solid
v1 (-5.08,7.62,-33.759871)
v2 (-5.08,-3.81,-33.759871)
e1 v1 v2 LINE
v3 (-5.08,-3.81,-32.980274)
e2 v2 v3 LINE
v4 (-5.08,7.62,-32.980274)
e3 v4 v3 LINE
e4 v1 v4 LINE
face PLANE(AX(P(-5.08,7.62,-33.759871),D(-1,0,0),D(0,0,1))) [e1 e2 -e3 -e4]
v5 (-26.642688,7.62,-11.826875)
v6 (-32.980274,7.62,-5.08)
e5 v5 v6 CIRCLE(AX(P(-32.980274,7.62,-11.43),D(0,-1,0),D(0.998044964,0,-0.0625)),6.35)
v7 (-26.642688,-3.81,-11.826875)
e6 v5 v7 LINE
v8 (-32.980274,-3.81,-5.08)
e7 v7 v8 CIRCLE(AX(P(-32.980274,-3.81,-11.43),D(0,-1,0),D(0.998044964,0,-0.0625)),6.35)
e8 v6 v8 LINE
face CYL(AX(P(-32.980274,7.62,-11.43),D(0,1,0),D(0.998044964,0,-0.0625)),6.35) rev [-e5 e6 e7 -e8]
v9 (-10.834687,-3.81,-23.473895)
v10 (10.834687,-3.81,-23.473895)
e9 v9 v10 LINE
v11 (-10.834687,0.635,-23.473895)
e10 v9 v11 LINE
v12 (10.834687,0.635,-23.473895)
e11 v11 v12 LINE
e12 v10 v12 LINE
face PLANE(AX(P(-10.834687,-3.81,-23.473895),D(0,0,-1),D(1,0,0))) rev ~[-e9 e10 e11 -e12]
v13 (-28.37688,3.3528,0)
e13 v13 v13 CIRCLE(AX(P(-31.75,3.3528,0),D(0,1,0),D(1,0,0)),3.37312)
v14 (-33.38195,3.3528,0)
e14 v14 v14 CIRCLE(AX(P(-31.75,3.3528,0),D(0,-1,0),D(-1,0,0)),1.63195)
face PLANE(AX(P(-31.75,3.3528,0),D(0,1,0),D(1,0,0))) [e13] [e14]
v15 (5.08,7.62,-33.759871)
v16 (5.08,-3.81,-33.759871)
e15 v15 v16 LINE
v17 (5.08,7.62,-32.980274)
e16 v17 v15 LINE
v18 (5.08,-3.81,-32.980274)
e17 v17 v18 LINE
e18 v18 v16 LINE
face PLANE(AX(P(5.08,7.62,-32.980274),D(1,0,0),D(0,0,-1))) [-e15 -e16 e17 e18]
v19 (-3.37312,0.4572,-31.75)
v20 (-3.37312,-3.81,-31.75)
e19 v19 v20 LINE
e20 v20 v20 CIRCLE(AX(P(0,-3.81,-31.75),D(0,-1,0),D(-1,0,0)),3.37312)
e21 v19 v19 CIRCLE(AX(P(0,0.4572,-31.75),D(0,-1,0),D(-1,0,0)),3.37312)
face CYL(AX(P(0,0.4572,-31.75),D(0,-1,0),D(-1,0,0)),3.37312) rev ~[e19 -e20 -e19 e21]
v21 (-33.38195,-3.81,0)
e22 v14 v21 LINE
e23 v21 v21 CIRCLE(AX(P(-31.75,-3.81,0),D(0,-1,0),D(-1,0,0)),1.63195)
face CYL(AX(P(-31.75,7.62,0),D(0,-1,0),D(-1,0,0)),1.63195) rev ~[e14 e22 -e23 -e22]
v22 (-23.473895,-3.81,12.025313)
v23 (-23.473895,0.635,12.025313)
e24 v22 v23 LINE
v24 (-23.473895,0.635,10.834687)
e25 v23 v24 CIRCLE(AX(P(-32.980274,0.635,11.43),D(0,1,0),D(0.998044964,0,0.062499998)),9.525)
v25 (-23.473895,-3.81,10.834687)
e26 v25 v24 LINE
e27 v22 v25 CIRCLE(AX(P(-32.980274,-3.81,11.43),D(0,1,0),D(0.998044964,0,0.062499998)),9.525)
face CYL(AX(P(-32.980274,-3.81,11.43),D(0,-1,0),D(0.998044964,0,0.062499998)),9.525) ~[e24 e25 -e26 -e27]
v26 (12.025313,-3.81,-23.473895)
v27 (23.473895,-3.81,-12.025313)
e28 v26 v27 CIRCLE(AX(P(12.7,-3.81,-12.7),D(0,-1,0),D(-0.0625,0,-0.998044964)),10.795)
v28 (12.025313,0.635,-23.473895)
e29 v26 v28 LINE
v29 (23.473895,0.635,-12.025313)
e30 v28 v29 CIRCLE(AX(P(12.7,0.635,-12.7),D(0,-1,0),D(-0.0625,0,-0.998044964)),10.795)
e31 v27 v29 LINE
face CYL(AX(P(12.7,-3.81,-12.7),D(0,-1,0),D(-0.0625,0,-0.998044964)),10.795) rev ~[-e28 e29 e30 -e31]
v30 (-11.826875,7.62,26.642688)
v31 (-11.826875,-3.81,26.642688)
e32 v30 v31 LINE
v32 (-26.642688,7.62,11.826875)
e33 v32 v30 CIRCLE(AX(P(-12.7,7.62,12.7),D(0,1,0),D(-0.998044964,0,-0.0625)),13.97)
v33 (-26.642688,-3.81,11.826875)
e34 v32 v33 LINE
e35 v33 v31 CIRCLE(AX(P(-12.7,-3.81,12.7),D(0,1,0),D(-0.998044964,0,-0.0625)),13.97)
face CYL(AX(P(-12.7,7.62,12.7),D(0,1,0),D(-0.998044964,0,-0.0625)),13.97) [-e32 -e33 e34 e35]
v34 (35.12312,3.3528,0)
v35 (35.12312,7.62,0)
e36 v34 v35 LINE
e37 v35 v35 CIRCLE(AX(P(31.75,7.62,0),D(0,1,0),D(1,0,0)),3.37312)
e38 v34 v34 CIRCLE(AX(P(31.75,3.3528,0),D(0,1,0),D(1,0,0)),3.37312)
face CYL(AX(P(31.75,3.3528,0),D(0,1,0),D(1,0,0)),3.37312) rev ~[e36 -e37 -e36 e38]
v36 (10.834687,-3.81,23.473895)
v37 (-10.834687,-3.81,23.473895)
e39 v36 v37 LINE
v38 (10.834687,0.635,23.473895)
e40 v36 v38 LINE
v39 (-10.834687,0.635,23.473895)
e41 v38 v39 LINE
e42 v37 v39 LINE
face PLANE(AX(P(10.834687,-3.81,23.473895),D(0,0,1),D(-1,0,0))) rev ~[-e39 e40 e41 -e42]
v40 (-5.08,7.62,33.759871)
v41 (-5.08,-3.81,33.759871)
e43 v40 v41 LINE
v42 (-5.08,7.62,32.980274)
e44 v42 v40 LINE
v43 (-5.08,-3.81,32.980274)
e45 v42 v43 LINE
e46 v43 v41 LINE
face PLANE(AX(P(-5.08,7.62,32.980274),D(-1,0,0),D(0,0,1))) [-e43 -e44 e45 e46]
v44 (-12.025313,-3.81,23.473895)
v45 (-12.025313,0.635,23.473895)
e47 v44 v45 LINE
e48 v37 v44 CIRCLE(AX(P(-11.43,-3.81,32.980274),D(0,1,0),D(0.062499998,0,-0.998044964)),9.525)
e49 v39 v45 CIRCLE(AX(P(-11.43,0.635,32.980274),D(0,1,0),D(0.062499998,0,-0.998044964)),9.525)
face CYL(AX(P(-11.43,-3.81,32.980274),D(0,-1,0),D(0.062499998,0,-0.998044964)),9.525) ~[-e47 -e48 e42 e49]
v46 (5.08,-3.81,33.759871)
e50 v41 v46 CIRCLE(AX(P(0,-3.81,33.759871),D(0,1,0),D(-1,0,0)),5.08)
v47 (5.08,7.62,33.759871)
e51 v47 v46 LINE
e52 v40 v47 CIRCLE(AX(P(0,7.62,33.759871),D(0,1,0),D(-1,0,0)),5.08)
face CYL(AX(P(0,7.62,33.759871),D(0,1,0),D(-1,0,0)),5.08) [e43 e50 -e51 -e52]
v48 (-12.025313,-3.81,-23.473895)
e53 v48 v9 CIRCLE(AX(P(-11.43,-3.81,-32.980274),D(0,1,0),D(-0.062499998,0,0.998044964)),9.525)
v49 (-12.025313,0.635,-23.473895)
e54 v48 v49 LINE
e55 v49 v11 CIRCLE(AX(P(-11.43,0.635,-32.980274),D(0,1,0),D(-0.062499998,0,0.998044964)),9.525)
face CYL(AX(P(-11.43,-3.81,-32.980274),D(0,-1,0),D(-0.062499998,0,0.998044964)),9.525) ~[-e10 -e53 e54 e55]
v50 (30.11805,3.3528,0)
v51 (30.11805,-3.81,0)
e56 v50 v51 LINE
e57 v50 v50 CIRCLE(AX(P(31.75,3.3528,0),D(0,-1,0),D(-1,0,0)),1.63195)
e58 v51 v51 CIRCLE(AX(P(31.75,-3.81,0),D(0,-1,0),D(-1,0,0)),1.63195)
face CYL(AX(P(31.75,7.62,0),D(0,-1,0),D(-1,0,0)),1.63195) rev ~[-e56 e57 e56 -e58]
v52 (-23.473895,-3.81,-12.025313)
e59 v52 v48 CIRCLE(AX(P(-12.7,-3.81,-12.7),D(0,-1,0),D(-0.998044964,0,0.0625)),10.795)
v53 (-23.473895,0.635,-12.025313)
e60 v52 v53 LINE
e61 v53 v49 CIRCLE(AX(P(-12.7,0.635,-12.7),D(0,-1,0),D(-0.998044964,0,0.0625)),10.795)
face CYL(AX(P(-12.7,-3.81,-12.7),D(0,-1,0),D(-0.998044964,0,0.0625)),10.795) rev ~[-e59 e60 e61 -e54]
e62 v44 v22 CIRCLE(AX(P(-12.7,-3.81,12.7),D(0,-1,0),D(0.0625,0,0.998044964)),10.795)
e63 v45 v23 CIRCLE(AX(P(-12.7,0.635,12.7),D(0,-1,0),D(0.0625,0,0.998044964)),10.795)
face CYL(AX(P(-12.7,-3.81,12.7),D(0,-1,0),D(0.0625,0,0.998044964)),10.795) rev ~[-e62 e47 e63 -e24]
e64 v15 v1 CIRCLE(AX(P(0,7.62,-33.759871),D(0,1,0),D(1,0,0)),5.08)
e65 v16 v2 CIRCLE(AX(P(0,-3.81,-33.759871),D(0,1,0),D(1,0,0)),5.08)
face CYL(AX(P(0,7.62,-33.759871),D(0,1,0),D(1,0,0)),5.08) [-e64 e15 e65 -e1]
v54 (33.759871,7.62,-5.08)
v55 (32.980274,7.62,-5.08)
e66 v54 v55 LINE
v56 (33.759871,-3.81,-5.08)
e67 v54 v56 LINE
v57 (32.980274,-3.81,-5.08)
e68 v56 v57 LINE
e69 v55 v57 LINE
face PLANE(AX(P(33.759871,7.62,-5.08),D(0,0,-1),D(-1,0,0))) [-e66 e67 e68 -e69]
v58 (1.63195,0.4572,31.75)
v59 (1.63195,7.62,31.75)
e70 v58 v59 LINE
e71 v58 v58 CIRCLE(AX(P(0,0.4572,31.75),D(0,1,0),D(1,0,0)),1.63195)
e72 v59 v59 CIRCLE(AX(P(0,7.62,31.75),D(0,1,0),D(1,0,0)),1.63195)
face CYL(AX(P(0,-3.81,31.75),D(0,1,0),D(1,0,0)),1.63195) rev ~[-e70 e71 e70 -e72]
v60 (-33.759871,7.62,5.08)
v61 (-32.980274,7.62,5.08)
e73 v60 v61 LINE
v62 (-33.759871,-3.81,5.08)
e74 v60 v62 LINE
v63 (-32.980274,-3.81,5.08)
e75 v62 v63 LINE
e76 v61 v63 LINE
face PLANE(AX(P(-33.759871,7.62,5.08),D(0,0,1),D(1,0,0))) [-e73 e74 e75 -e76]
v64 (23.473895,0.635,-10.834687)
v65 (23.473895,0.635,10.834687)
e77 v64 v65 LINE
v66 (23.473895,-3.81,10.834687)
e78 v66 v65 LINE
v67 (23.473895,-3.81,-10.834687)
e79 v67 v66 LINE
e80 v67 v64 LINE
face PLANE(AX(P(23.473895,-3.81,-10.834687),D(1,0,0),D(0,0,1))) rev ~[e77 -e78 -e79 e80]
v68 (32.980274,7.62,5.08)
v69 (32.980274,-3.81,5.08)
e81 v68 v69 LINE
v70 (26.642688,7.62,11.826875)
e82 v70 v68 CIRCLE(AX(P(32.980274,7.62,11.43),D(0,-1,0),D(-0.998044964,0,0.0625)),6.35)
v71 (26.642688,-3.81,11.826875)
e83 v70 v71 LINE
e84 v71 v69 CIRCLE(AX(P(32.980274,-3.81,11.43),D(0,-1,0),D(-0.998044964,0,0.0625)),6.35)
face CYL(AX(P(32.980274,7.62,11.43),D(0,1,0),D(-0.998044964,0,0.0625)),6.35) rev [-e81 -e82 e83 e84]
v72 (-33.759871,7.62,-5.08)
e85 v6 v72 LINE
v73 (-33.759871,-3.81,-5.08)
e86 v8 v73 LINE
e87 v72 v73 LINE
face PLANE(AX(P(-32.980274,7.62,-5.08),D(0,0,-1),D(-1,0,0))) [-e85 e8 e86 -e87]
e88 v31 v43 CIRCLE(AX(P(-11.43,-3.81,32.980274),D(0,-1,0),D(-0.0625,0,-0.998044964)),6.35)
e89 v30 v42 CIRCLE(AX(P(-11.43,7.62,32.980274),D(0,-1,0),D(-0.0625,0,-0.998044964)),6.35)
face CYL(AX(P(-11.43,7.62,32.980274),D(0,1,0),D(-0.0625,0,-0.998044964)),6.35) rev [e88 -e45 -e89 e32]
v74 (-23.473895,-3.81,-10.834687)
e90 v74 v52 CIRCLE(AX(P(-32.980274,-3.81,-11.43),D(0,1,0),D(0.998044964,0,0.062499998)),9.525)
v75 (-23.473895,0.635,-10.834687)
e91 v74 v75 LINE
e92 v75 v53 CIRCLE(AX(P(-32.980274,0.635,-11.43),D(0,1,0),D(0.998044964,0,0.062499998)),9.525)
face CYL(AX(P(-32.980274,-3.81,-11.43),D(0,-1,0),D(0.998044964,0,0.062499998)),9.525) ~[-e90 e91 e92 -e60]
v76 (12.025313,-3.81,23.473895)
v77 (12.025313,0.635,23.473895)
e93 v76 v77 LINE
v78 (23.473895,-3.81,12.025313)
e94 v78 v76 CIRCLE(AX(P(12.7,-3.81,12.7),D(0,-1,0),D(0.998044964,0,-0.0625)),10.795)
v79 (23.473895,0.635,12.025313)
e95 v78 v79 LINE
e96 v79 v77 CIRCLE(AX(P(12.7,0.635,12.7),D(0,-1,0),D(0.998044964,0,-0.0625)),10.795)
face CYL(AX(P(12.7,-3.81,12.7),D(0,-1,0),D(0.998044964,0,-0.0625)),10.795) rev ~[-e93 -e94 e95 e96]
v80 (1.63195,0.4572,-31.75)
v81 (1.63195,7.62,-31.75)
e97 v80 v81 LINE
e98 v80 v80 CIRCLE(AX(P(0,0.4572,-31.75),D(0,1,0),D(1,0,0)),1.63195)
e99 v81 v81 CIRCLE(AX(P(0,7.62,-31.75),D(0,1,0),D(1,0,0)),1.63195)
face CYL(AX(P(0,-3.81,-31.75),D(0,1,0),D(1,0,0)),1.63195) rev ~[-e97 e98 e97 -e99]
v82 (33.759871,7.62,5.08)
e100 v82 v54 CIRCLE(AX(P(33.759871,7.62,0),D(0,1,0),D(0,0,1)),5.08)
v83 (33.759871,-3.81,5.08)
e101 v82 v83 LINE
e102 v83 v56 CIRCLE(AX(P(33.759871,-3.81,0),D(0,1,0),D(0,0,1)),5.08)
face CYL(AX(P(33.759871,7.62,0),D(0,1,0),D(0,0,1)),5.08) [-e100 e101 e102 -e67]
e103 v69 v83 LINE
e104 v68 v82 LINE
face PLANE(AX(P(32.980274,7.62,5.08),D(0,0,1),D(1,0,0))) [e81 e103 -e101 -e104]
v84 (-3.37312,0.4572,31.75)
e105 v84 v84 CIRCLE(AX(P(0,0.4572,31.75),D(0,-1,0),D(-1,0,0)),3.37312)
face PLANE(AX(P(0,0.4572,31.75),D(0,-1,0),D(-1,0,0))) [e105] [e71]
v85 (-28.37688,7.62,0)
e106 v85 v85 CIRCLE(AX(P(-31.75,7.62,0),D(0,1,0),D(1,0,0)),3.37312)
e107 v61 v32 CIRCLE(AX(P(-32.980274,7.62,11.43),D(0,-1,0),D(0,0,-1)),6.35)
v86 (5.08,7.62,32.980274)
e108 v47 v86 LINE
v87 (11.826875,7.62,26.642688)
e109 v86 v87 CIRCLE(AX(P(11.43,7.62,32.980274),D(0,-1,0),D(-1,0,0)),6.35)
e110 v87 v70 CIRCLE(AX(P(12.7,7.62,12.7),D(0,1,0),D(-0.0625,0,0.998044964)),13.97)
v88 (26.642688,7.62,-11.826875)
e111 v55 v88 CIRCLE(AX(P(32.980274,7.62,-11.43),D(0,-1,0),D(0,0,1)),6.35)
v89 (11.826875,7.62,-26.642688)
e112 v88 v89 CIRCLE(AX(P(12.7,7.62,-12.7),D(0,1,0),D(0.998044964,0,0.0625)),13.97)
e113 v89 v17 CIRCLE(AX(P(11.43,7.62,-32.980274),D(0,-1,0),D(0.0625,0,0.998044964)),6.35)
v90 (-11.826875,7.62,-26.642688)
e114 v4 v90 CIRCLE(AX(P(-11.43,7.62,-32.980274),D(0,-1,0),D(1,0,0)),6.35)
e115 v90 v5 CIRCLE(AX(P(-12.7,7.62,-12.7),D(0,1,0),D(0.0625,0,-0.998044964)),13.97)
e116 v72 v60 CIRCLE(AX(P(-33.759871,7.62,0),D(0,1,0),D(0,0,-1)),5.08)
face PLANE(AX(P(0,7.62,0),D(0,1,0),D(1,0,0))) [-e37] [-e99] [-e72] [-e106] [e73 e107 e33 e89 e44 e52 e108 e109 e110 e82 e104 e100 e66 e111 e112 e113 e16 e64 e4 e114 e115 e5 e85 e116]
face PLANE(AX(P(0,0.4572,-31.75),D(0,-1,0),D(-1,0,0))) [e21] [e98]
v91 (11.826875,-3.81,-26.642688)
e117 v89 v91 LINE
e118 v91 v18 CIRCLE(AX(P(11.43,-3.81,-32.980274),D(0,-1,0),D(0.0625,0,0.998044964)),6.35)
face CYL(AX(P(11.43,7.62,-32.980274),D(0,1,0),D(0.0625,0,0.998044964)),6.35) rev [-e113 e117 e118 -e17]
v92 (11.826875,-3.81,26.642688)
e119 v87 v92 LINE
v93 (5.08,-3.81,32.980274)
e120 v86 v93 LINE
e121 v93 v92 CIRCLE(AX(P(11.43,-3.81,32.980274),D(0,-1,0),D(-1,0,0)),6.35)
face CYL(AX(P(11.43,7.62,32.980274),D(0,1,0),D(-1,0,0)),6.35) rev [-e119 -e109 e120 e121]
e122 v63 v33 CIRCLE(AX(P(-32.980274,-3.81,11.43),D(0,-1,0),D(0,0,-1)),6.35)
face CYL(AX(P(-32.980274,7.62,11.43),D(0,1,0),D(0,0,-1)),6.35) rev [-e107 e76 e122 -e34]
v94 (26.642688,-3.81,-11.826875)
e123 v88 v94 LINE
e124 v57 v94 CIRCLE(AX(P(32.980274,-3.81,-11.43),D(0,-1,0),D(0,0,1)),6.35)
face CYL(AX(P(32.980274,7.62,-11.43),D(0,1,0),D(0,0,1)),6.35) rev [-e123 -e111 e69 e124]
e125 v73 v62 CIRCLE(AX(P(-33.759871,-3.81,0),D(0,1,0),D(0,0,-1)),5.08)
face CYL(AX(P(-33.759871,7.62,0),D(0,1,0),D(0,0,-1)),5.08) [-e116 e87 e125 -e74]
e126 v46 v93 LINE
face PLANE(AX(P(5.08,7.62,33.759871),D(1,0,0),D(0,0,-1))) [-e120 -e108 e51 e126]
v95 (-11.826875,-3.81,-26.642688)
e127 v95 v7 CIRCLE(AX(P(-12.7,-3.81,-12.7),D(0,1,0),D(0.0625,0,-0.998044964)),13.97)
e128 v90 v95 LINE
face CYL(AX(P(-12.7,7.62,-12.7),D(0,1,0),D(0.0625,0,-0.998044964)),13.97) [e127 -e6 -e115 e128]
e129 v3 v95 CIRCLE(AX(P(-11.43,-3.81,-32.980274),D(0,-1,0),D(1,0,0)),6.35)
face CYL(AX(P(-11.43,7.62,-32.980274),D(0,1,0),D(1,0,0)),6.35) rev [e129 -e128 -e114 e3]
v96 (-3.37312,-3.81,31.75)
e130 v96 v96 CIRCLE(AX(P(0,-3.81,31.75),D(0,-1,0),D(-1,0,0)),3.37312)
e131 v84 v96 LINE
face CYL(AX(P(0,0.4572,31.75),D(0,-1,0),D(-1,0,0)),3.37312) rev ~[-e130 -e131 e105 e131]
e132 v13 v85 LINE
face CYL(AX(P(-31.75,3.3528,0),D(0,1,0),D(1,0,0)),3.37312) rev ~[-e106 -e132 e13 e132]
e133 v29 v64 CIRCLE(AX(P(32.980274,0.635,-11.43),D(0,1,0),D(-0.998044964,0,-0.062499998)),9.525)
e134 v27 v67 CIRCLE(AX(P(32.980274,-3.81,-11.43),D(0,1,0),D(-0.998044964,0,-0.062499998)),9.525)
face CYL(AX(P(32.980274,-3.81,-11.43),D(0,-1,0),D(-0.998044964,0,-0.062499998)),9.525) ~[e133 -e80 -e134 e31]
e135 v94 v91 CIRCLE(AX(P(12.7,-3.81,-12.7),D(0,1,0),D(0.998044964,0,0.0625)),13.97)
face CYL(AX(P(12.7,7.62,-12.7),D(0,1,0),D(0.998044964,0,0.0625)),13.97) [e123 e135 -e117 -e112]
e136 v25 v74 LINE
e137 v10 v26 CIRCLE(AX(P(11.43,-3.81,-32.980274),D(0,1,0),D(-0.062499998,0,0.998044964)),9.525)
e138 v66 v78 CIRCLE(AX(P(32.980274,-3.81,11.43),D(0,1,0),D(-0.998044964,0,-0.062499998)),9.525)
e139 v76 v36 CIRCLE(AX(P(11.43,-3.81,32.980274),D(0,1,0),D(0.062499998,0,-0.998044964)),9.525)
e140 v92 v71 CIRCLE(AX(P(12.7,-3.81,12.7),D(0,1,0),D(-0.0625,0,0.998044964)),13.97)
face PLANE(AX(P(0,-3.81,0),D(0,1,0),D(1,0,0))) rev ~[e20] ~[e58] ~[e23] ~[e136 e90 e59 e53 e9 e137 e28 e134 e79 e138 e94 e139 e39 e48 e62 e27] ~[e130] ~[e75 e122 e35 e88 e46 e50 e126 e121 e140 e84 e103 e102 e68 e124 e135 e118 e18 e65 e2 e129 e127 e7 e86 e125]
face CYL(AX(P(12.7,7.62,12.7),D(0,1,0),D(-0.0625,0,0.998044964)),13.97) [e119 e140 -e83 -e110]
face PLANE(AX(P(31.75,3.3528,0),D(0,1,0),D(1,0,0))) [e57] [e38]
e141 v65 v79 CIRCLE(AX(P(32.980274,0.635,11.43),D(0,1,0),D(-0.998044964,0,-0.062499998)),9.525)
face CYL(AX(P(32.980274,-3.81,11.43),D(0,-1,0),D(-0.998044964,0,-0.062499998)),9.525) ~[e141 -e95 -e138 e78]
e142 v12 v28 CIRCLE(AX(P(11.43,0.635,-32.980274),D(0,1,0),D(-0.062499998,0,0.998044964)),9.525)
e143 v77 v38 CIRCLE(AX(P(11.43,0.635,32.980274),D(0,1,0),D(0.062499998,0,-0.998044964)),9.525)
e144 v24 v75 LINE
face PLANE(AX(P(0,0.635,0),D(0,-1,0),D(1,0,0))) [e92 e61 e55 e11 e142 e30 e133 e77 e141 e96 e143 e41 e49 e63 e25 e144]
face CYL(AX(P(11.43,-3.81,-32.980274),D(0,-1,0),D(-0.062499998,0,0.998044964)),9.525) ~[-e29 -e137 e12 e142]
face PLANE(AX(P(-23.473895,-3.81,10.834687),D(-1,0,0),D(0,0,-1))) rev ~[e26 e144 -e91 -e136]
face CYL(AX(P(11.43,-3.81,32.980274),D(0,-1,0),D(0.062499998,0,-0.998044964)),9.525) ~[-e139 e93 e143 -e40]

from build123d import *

# Parameters (mm, degrees)
BOSS_EXTRUDE4_DEPTH                                 = 3.81
BOSS_EXTRUDE4_DEPTH_BACK                            = 7.62
CUT_EXTRUDE1_DEPTH                                  = 4.445
CBORE_FOR_4_BINDING_HEAD_MACHINE_SCREW3_D           = 3.2639
CBORE_FOR_4_BINDING_HEAD_MACHINE_SCREW3_CBORE_D     = 6.74624
CBORE_FOR_4_BINDING_HEAD_MACHINE_SCREW3_CBORE_DEPTH = 4.2672
CBORE_FOR_4_BINDING_HEAD_MACHINE_SCREW4_D           = 3.2639
CBORE_FOR_4_BINDING_HEAD_MACHINE_SCREW4_CBORE_D     = 6.74624
CBORE_FOR_4_BINDING_HEAD_MACHINE_SCREW4_CBORE_DEPTH = 4.2672


with BuildPart() as part:
    # Sketch5 → Boss-Extrude4 (new, two sides: drawn at the far end of the back side and taken through both)
    with BuildSketch(Plane(origin=(0, 0, 0), x_dir=(-1, 0, 0), z_dir=(0, -1, 0)).offset(-BOSS_EXTRUDE4_DEPTH_BACK)):
        with BuildLine():
            Line((33.759871133, -5.08), (32.980273667, -5.08))
            ThreePointArc((32.980273667, -5.08), (28.3519556, -7.0824522), (26.642688146, -11.826875))
            ThreePointArc((26.642688146, -11.826875), (22.578281733, -22.578281733), (11.826875, -26.642688146))
            ThreePointArc((11.826875, -26.642688146), (7.0824522, -28.3519556), (5.08, -32.980273667))
            Line((5.08, -32.980273667), (5.08, -33.759871133))
            ThreePointArc((5.08, -33.759871133), (0, -38.839871133), (-5.08, -33.759871133))
            Line((-5.08, -33.759871133), (-5.08, -32.980273667))
            ThreePointArc((-5.08, -32.980273667), (-7.0824522, -28.3519556), (-11.826875, -26.642688146))
            ThreePointArc((-11.826875, -26.642688146), (-22.578281733, -22.578281733), (-26.642688146, -11.826875))
            ThreePointArc((-26.642688146, -11.826875), (-28.3519556, -7.0824522), (-32.980273667, -5.08))
            Line((-32.980273667, -5.08), (-33.759871133, -5.08))
            ThreePointArc((-33.759871133, -5.08), (-38.839871133, 0), (-33.759871133, 5.08))
            Line((-33.759871133, 5.08), (-32.980273667, 5.08))
            ThreePointArc((-32.980273667, 5.08), (-28.3519556, 7.0824522), (-26.642688146, 11.826875))
            ThreePointArc((-26.642688146, 11.826875), (-22.578281733, 22.578281733), (-11.826875, 26.642688146))
            ThreePointArc((-11.826875, 26.642688146), (-7.0824522, 28.3519556), (-5.08, 32.980273667))
            Line((-5.08, 32.980273667), (-5.08, 33.759871133))
            ThreePointArc((-5.08, 33.759871133), (0, 38.839871133), (5.08, 33.759871133))
            Line((5.08, 33.759871133), (5.08, 32.980273667))
            ThreePointArc((5.08, 32.980273667), (7.0824522, 28.3519556), (11.826875, 26.642688146))
            ThreePointArc((11.826875, 26.642688146), (22.578281733, 22.578281733), (26.642688146, 11.826875))
            ThreePointArc((26.642688146, 11.826875), (28.3519556, 7.0824522), (32.980273667, 5.08))
            Line((32.980273667, 5.08), (33.759871133, 5.08))
            ThreePointArc((33.759871133, 5.08), (38.839871133, 0), (33.759871133, -5.08))
        make_face()
    extrude(amount=BOSS_EXTRUDE4_DEPTH + BOSS_EXTRUDE4_DEPTH_BACK)

    # Sketch21 → Cut-Extrude1 (cut)
    with BuildSketch(Plane.XZ.offset(3.81)):
        with BuildLine():
            ThreePointArc((23.473895385, 12.0253125), (20.333217703, 20.333217703), (12.0253125, 23.473895385))
            ThreePointArc((12.0253125, 23.473895385), (11.43, 23.455273667), (10.8346875, 23.473895385))
            Line((10.8346875, 23.473895385), (-10.8346875, 23.473895385))
            ThreePointArc((-10.8346875, 23.473895385), (-11.43, 23.455273667), (-12.0253125, 23.473895385))
            ThreePointArc((-12.0253125, 23.473895385), (-20.333217703, 20.333217703), (-23.473895385, 12.0253125))
            ThreePointArc((-23.473895385, 12.0253125), (-23.455273667, 11.43), (-23.473895385, 10.8346875))
            Line((-23.473895385, 10.8346875), (-23.473895385, -10.8346875))
            ThreePointArc((-23.473895385, -10.8346875), (-23.455273667, -11.43), (-23.473895385, -12.0253125))
            ThreePointArc((-23.473895385, -12.0253125), (-20.333217703, -20.333217703), (-12.0253125, -23.473895385))
            ThreePointArc((-12.0253125, -23.473895385), (-11.43, -23.455273667), (-10.8346875, -23.473895385))
            Line((-10.8346875, -23.473895385), (10.8346875, -23.473895385))
            ThreePointArc((10.8346875, -23.473895385), (11.43, -23.455273667), (12.0253125, -23.473895385))
            ThreePointArc((12.0253125, -23.473895385), (20.333217703, -20.333217703), (23.473895385, -12.0253125))
            ThreePointArc((23.473895385, -12.0253125), (23.455273667, -11.43), (23.473895385, -10.8346875))
            Line((23.473895385, -10.8346875), (23.473895385, 10.8346875))
            ThreePointArc((23.473895385, 10.8346875), (23.455273667, 11.43), (23.473895385, 12.0253125))
        make_face()
    extrude(amount=-CUT_EXTRUDE1_DEPTH, mode=Mode.SUBTRACT)

    # CBORE for #4 Binding Head Machine Screw3 (through all)
    with Locations(Plane(origin=(0, -3.81, 0), x_dir=(-1, 0, 0), z_dir=(0, -1, 0))):
        with Locations((0, 31.75), (0, -31.75)):
            CounterBoreHole(CBORE_FOR_4_BINDING_HEAD_MACHINE_SCREW3_D / 2, CBORE_FOR_4_BINDING_HEAD_MACHINE_SCREW3_CBORE_D / 2, CBORE_FOR_4_BINDING_HEAD_MACHINE_SCREW3_CBORE_DEPTH)

    # CBORE for #4 Binding Head Machine Screw4 (through all)
    with Locations(Plane(origin=(0, 7.62, 0), x_dir=(1, 0, 0), z_dir=(0, 1, 0))):
        with Locations((31.75, 0), (-31.75, 0)):
            CounterBoreHole(CBORE_FOR_4_BINDING_HEAD_MACHINE_SCREW4_D / 2, CBORE_FOR_4_BINDING_HEAD_MACHINE_SCREW4_CBORE_D / 2, CBORE_FOR_4_BINDING_HEAD_MACHINE_SCREW4_CBORE_DEPTH)


solid = part.part
